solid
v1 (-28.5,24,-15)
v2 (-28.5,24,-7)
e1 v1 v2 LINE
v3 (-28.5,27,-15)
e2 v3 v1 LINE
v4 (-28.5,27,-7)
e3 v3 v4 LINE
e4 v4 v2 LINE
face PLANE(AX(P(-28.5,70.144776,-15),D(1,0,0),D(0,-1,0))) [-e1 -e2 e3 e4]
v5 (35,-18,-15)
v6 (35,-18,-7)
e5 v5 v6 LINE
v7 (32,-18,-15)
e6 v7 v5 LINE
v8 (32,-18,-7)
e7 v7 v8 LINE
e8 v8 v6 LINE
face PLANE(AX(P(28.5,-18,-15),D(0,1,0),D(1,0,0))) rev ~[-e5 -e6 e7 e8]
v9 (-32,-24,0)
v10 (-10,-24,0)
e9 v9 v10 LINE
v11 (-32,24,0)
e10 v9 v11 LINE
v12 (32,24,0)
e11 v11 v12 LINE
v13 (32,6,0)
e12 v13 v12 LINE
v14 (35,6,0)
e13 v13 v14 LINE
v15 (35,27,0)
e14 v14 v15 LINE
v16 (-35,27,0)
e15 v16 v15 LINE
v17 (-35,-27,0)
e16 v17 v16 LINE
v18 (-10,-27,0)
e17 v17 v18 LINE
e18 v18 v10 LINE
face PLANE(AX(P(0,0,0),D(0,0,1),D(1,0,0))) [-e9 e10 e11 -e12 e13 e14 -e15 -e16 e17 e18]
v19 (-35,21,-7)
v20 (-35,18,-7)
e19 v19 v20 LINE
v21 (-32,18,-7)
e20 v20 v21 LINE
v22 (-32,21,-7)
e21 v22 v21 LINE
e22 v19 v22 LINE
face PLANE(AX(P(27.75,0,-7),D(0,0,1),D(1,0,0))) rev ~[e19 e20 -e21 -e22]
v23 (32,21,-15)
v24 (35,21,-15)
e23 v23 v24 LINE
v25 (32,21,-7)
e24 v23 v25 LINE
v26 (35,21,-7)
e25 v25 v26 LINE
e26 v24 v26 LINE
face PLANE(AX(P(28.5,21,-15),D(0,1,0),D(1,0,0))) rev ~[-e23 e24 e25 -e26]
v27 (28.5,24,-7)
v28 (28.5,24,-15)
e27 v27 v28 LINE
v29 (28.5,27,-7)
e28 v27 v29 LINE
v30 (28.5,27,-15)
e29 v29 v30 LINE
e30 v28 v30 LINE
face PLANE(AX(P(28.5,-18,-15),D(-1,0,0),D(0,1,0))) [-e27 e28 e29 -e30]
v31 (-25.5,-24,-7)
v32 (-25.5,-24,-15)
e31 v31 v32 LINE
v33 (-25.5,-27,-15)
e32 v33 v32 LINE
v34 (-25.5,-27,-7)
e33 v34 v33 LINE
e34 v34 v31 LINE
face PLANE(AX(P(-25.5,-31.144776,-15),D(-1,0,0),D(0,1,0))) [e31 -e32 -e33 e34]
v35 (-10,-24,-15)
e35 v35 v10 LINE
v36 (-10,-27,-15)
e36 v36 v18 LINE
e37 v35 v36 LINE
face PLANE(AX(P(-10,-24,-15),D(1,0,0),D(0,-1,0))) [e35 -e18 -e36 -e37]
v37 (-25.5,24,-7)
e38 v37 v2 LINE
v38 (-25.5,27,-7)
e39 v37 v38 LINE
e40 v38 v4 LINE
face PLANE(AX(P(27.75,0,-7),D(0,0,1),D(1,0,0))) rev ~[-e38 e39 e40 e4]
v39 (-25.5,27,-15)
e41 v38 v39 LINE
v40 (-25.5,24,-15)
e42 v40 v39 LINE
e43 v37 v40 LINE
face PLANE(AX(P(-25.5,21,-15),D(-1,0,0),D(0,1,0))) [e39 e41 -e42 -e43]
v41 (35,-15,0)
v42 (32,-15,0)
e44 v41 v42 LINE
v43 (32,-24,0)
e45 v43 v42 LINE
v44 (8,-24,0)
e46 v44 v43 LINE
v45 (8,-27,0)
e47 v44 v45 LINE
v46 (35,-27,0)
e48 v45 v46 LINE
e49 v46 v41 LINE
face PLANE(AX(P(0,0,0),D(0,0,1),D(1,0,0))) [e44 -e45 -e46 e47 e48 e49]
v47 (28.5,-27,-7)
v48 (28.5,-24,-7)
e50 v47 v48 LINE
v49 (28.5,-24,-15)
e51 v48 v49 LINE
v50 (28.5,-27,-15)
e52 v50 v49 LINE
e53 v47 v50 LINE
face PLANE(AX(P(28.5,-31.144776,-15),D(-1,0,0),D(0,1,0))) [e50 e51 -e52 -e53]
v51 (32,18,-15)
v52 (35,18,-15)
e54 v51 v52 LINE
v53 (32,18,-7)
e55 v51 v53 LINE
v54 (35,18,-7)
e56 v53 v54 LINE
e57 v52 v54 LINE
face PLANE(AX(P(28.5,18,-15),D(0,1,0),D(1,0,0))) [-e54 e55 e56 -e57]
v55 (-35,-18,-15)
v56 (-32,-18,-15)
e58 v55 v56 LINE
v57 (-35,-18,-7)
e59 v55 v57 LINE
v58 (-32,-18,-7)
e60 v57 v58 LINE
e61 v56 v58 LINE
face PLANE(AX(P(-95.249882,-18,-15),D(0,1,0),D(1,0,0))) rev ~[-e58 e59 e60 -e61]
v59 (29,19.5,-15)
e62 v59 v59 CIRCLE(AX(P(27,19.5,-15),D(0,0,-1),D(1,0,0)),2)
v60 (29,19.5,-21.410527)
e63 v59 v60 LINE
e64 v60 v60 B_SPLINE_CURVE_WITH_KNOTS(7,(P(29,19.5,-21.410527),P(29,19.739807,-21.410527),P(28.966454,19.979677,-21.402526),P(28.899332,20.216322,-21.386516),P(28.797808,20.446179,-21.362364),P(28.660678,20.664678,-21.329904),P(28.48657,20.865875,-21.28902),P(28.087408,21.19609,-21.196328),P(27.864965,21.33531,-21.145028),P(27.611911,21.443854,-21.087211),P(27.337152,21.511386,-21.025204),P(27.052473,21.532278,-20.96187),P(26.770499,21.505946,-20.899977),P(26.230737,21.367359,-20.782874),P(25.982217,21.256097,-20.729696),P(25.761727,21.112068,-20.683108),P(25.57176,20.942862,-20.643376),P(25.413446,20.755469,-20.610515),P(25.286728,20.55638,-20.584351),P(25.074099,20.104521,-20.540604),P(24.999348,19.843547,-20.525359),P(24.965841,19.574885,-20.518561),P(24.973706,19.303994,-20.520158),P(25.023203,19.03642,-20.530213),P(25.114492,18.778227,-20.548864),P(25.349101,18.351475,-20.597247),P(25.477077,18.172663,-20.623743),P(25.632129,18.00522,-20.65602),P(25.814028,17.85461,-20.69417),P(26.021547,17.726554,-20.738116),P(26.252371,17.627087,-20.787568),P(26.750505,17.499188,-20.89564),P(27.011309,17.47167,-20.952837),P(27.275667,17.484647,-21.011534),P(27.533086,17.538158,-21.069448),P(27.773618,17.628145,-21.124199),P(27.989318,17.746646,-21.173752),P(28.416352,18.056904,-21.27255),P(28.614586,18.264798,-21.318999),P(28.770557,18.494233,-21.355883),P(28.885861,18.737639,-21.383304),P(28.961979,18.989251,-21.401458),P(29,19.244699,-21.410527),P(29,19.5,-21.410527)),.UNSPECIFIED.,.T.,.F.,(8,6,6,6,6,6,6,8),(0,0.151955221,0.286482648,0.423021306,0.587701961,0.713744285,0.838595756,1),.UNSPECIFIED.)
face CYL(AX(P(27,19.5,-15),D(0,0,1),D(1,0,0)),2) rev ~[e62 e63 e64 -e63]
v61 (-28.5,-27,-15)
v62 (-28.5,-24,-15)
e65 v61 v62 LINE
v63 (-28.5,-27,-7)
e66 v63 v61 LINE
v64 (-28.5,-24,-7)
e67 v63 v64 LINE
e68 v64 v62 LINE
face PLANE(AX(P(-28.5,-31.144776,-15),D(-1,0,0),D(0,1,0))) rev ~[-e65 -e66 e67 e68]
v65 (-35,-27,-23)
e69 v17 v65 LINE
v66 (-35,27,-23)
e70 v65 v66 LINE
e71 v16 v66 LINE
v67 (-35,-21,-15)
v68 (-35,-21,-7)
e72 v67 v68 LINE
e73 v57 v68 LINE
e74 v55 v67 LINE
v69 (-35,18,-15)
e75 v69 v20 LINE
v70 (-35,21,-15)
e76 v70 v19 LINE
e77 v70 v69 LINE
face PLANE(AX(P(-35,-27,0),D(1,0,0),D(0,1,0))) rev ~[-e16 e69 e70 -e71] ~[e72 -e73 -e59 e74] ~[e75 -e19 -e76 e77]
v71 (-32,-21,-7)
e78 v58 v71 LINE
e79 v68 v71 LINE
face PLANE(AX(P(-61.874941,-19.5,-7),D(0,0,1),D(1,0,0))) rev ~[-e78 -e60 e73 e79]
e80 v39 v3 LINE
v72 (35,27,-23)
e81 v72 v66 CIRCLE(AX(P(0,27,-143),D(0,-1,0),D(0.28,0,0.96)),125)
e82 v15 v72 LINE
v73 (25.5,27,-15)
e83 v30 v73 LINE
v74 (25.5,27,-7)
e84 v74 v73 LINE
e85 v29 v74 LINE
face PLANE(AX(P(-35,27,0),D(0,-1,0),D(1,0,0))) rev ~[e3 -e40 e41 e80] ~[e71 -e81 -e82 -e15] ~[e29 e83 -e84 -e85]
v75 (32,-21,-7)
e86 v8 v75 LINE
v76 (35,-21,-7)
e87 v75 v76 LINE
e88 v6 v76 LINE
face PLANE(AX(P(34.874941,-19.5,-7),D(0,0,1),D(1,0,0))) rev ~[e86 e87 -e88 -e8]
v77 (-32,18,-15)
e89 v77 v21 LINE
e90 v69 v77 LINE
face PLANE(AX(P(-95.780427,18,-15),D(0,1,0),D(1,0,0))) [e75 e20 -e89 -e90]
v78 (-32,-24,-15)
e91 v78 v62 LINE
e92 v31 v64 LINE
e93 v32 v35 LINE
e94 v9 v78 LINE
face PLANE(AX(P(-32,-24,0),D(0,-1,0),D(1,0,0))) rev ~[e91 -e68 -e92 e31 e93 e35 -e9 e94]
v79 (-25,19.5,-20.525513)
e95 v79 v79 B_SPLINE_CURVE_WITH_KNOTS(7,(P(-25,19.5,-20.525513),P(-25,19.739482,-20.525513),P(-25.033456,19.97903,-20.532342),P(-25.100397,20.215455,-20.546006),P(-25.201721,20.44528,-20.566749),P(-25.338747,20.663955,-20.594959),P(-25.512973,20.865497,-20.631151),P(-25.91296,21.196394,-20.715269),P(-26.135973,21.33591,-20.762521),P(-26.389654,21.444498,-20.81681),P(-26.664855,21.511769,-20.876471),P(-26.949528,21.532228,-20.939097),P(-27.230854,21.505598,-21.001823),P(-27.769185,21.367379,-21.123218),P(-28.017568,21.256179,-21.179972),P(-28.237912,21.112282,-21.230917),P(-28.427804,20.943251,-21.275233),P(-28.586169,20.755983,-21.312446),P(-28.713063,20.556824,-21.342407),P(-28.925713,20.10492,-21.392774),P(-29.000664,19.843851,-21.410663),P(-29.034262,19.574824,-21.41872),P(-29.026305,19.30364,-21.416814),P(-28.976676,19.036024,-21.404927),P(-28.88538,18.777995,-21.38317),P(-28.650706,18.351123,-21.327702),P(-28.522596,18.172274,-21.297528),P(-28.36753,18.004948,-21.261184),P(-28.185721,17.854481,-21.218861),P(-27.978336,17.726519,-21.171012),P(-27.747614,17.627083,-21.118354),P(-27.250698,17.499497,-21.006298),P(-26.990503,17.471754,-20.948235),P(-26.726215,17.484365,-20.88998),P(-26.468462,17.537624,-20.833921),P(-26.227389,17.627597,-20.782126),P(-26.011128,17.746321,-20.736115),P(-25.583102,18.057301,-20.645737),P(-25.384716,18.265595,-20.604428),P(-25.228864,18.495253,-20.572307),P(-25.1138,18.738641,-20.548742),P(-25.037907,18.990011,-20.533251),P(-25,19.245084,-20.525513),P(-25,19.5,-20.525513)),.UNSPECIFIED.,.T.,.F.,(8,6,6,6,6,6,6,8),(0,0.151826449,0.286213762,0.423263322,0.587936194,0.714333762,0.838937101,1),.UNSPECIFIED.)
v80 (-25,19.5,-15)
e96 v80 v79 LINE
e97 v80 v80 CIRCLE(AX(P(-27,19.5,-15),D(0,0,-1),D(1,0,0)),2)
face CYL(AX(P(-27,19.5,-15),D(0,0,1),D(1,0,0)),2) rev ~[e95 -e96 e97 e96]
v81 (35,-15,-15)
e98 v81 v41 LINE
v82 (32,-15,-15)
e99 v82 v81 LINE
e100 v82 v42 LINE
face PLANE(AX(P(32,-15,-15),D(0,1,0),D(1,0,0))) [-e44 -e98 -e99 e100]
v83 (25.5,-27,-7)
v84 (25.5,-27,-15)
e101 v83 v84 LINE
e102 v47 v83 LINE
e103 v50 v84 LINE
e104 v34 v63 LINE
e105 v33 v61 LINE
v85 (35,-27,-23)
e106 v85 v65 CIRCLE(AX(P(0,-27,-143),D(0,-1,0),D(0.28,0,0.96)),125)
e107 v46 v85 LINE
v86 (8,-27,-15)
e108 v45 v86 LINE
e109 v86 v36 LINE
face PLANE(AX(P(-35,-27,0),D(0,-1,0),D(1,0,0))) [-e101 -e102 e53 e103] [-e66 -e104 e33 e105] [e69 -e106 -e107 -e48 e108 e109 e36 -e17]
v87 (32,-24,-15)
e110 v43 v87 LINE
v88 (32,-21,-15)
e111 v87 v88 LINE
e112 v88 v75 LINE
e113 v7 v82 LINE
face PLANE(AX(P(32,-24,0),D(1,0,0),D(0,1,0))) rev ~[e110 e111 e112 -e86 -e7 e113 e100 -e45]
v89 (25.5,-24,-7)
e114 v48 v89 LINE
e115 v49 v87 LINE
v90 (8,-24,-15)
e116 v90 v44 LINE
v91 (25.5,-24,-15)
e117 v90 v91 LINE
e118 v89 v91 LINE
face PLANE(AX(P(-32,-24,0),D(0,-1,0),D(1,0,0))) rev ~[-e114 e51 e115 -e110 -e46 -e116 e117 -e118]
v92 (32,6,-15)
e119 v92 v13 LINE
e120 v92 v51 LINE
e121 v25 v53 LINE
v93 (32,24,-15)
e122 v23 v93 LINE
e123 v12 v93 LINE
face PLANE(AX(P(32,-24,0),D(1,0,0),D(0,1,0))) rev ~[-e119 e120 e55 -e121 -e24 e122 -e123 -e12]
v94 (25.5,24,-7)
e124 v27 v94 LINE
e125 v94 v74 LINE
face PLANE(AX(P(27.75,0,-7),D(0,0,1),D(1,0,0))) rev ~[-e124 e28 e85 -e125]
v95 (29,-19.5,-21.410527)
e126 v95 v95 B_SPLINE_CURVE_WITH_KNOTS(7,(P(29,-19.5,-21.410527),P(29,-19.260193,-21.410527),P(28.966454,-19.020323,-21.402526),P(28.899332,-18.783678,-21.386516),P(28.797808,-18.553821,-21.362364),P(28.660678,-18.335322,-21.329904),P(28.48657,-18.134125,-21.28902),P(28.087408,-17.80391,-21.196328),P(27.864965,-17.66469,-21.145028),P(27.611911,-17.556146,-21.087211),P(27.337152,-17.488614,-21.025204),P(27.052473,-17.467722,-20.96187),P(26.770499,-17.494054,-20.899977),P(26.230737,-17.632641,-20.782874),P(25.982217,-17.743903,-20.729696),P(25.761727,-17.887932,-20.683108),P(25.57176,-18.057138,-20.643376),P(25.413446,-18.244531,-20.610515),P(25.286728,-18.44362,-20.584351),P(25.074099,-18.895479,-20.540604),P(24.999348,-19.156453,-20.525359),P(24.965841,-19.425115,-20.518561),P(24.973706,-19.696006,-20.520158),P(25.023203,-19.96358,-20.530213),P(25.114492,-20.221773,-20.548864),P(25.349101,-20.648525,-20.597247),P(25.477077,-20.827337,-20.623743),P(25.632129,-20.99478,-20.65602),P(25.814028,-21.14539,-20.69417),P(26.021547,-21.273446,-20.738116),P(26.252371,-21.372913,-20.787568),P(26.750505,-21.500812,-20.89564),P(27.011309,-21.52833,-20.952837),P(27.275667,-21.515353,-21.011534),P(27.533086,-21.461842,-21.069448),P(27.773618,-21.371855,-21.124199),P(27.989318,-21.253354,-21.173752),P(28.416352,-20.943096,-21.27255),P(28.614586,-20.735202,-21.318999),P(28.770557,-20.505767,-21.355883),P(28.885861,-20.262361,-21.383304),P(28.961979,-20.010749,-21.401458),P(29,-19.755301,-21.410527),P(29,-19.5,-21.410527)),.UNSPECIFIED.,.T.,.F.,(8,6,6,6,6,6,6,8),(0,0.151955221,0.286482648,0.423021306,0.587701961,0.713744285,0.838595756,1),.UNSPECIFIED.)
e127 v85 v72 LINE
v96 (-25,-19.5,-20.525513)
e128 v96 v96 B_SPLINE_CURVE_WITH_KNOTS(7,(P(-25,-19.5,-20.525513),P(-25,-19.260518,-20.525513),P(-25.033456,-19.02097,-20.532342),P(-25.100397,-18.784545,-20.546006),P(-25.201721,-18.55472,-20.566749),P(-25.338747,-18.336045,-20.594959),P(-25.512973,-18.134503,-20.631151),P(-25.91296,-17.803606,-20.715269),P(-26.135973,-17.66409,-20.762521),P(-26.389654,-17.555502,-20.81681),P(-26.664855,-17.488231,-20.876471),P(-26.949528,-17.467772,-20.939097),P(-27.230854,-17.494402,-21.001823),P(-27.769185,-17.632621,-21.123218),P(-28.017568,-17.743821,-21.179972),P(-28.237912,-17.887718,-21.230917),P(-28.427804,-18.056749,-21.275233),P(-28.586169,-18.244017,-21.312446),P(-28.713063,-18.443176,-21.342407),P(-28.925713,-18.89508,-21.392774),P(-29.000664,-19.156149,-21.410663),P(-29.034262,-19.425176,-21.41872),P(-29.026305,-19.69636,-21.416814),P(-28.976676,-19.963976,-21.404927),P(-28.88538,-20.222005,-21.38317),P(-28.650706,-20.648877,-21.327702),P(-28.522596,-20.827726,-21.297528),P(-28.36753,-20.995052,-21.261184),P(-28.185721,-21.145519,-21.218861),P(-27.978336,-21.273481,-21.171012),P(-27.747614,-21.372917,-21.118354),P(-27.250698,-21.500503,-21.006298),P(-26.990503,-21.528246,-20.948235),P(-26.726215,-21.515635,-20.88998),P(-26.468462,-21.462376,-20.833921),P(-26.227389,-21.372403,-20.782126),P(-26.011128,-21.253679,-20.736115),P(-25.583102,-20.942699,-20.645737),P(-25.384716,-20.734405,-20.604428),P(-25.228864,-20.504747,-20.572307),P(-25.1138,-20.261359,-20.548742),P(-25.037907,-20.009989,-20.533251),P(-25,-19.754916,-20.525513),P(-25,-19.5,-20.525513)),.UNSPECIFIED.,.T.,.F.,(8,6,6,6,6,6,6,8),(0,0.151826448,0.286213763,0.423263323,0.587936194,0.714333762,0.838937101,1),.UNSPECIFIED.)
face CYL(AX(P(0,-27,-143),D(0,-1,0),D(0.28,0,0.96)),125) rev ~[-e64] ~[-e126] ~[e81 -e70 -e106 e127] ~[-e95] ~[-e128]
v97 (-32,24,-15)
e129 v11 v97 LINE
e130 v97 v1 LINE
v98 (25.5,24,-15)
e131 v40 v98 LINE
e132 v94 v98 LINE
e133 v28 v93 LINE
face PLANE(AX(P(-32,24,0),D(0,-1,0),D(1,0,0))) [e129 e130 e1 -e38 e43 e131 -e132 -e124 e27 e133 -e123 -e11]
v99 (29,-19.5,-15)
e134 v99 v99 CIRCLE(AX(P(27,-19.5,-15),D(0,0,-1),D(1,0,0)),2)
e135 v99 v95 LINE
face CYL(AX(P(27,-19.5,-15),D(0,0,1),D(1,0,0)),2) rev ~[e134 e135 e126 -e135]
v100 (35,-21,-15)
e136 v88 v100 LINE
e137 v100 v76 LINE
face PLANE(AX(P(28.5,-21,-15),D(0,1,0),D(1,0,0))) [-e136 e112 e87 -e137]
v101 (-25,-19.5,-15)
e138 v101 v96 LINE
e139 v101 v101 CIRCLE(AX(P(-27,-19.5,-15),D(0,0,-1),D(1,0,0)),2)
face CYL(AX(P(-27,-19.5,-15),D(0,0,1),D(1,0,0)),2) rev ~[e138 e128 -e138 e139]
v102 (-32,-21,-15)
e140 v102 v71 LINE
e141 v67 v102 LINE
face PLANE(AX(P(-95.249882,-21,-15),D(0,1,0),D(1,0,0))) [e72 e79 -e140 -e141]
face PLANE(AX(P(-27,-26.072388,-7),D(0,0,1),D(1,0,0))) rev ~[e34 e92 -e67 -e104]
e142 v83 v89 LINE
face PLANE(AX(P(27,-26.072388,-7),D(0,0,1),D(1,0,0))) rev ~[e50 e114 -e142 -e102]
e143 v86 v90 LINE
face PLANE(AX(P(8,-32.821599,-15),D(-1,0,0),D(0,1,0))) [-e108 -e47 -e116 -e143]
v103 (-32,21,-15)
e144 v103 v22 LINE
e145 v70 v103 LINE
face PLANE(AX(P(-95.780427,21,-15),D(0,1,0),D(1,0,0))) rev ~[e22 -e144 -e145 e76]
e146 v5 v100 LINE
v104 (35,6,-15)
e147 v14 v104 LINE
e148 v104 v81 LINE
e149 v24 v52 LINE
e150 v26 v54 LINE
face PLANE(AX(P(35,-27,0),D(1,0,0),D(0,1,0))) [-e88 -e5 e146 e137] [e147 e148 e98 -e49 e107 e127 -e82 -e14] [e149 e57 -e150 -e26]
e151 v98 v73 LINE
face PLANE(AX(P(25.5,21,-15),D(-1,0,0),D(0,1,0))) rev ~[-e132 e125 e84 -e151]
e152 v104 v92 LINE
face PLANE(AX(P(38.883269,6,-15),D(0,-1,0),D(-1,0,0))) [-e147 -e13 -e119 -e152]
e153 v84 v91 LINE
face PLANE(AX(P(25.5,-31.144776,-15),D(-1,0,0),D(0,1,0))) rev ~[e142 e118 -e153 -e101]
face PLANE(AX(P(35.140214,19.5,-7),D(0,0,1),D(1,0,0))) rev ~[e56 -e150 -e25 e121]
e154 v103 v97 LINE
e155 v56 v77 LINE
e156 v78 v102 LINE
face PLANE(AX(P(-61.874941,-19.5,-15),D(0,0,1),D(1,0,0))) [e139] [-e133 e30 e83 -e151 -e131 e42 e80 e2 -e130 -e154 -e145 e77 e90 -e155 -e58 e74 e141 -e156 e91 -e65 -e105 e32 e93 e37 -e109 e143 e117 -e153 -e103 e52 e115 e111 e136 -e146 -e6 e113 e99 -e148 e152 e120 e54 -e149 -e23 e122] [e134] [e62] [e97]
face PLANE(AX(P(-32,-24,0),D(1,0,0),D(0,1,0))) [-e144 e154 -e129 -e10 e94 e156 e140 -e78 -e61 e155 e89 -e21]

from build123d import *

# Parameters (mm, degrees)
F0_W      = 70
F0_H      = 54
F1_DEPTH  = 23
F3_DEPTH  = 60
F4_W      = 64
F4_H      = 48
F5_DEPTH  = 15
F6_R      = 2
F7_DEPTH  = 25
F9_DEPTH  = 25
F11_DEPTH = 25
F12_W     = 1.5
F12_H     = 36
F12_W_2   = 13.280427
F12_H_2   = 3
F12_W_3   = 51
F12_W_4   = 12.749882
F12_W_5   = 3
F12_H_3   = 49.144776
F12_H_4   = 1.5
F12_H_5   = 10.144776
F12_W_6   = 67.280427
F12_W_7   = 66.749882
F13_DEPTH = 8


with BuildPart() as f1:
    # F0 (on Top) → F1 (new body)
    with BuildSketch(Plane.XY):
        Rectangle(F0_W, F0_H)
    extrude(amount=-F1_DEPTH)

    # F2 (on face) → F3 (cut)
    with BuildSketch(Plane.XZ.offset(27)):
        with BuildLine():
            Line((-35, -23), (35, -23))
            ThreePointArc((35, -23), (0, -18), (-35, -23))
        make_face()
    extrude(amount=-F3_DEPTH, mode=Mode.SUBTRACT)

    # F4 (on face) → F5 (cut)
    with BuildSketch(Plane.XY):
        Rectangle(F4_W, F4_H)
    extrude(amount=-F5_DEPTH, mode=Mode.SUBTRACT)

    # F6 (on face) → F7 (cut)
    with BuildSketch(Plane.XY.offset(-15)):
        with Locations((-27, 19.5)):
            Circle(F6_R)
        with Locations((-27, -19.5)):
            Circle(F6_R)
        with Locations((27, -19.5)):
            Circle(F6_R)
        with Locations((27, 19.5)):
            Circle(F6_R)
    extrude(amount=-F7_DEPTH, mode=Mode.SUBTRACT)

    # F8 (on face) → F9 (cut)
    with BuildSketch(Plane.XY.offset(-15)):
        Polygon((37, 6), (32, 6), (32, -15), (38.883269, -15), (38.883269, 6), align=None)
    extrude(amount=F9_DEPTH, mode=Mode.SUBTRACT)

    # F10 (on face) → F11 (cut)
    with BuildSketch(Plane.XY.offset(-15)):
        Polygon((8, -24), (-10, -24), (-10, -27.841958), (-10, -32.821599), (8, -32.821599), align=None)
    extrude(amount=F11_DEPTH, mode=Mode.SUBTRACT)

    # F12 (on face) → F13 (cut)
    with BuildSketch(Plane.XY.offset(-15)):
        with Locations((27.75, 0)):
            Rectangle(F12_W, F12_H)
        Polygon((25.5, 18), (27, 18), (28.5, 18), (28.5, 21), (25.5, 21), align=None)
        with Locations((35.140214, 19.5)):
            Rectangle(F12_W_2, F12_H_2)
        with Locations((0, 19.5)):
            Rectangle(F12_W_3, F12_H_2)
        with Locations((34.874941, -19.5)):
            Rectangle(F12_W_4, F12_H_2)
        with Locations((27, 45.572388)):
            Rectangle(F12_W_5, F12_H_3)
        Polygon((-27, 18), (-25.5, 18), (-25.5, 21), (-28.5, 21), (-28.5, 18), align=None)
        with Locations((0, -20.25)):
            Rectangle(F12_W_3, F12_H_4)
        with Locations((27, -26.072388)):
            Rectangle(F12_W_5, F12_H_5)
        with Locations((-27, 45.572388)):
            Rectangle(F12_W_5, F12_H_3)
        with Locations((-27.75, 0)):
            Rectangle(F12_W, F12_H)
        with Locations((-62.140213, 19.5)):
            Rectangle(F12_W_6, F12_H_2)
        with Locations((-27, -26.072388)):
            Rectangle(F12_W_5, F12_H_5)
        with Locations((-61.874941, -19.5)):
            Rectangle(F12_W_7, F12_H_2)
    extrude(amount=F13_DEPTH, mode=Mode.SUBTRACT)


solid = f1.part
